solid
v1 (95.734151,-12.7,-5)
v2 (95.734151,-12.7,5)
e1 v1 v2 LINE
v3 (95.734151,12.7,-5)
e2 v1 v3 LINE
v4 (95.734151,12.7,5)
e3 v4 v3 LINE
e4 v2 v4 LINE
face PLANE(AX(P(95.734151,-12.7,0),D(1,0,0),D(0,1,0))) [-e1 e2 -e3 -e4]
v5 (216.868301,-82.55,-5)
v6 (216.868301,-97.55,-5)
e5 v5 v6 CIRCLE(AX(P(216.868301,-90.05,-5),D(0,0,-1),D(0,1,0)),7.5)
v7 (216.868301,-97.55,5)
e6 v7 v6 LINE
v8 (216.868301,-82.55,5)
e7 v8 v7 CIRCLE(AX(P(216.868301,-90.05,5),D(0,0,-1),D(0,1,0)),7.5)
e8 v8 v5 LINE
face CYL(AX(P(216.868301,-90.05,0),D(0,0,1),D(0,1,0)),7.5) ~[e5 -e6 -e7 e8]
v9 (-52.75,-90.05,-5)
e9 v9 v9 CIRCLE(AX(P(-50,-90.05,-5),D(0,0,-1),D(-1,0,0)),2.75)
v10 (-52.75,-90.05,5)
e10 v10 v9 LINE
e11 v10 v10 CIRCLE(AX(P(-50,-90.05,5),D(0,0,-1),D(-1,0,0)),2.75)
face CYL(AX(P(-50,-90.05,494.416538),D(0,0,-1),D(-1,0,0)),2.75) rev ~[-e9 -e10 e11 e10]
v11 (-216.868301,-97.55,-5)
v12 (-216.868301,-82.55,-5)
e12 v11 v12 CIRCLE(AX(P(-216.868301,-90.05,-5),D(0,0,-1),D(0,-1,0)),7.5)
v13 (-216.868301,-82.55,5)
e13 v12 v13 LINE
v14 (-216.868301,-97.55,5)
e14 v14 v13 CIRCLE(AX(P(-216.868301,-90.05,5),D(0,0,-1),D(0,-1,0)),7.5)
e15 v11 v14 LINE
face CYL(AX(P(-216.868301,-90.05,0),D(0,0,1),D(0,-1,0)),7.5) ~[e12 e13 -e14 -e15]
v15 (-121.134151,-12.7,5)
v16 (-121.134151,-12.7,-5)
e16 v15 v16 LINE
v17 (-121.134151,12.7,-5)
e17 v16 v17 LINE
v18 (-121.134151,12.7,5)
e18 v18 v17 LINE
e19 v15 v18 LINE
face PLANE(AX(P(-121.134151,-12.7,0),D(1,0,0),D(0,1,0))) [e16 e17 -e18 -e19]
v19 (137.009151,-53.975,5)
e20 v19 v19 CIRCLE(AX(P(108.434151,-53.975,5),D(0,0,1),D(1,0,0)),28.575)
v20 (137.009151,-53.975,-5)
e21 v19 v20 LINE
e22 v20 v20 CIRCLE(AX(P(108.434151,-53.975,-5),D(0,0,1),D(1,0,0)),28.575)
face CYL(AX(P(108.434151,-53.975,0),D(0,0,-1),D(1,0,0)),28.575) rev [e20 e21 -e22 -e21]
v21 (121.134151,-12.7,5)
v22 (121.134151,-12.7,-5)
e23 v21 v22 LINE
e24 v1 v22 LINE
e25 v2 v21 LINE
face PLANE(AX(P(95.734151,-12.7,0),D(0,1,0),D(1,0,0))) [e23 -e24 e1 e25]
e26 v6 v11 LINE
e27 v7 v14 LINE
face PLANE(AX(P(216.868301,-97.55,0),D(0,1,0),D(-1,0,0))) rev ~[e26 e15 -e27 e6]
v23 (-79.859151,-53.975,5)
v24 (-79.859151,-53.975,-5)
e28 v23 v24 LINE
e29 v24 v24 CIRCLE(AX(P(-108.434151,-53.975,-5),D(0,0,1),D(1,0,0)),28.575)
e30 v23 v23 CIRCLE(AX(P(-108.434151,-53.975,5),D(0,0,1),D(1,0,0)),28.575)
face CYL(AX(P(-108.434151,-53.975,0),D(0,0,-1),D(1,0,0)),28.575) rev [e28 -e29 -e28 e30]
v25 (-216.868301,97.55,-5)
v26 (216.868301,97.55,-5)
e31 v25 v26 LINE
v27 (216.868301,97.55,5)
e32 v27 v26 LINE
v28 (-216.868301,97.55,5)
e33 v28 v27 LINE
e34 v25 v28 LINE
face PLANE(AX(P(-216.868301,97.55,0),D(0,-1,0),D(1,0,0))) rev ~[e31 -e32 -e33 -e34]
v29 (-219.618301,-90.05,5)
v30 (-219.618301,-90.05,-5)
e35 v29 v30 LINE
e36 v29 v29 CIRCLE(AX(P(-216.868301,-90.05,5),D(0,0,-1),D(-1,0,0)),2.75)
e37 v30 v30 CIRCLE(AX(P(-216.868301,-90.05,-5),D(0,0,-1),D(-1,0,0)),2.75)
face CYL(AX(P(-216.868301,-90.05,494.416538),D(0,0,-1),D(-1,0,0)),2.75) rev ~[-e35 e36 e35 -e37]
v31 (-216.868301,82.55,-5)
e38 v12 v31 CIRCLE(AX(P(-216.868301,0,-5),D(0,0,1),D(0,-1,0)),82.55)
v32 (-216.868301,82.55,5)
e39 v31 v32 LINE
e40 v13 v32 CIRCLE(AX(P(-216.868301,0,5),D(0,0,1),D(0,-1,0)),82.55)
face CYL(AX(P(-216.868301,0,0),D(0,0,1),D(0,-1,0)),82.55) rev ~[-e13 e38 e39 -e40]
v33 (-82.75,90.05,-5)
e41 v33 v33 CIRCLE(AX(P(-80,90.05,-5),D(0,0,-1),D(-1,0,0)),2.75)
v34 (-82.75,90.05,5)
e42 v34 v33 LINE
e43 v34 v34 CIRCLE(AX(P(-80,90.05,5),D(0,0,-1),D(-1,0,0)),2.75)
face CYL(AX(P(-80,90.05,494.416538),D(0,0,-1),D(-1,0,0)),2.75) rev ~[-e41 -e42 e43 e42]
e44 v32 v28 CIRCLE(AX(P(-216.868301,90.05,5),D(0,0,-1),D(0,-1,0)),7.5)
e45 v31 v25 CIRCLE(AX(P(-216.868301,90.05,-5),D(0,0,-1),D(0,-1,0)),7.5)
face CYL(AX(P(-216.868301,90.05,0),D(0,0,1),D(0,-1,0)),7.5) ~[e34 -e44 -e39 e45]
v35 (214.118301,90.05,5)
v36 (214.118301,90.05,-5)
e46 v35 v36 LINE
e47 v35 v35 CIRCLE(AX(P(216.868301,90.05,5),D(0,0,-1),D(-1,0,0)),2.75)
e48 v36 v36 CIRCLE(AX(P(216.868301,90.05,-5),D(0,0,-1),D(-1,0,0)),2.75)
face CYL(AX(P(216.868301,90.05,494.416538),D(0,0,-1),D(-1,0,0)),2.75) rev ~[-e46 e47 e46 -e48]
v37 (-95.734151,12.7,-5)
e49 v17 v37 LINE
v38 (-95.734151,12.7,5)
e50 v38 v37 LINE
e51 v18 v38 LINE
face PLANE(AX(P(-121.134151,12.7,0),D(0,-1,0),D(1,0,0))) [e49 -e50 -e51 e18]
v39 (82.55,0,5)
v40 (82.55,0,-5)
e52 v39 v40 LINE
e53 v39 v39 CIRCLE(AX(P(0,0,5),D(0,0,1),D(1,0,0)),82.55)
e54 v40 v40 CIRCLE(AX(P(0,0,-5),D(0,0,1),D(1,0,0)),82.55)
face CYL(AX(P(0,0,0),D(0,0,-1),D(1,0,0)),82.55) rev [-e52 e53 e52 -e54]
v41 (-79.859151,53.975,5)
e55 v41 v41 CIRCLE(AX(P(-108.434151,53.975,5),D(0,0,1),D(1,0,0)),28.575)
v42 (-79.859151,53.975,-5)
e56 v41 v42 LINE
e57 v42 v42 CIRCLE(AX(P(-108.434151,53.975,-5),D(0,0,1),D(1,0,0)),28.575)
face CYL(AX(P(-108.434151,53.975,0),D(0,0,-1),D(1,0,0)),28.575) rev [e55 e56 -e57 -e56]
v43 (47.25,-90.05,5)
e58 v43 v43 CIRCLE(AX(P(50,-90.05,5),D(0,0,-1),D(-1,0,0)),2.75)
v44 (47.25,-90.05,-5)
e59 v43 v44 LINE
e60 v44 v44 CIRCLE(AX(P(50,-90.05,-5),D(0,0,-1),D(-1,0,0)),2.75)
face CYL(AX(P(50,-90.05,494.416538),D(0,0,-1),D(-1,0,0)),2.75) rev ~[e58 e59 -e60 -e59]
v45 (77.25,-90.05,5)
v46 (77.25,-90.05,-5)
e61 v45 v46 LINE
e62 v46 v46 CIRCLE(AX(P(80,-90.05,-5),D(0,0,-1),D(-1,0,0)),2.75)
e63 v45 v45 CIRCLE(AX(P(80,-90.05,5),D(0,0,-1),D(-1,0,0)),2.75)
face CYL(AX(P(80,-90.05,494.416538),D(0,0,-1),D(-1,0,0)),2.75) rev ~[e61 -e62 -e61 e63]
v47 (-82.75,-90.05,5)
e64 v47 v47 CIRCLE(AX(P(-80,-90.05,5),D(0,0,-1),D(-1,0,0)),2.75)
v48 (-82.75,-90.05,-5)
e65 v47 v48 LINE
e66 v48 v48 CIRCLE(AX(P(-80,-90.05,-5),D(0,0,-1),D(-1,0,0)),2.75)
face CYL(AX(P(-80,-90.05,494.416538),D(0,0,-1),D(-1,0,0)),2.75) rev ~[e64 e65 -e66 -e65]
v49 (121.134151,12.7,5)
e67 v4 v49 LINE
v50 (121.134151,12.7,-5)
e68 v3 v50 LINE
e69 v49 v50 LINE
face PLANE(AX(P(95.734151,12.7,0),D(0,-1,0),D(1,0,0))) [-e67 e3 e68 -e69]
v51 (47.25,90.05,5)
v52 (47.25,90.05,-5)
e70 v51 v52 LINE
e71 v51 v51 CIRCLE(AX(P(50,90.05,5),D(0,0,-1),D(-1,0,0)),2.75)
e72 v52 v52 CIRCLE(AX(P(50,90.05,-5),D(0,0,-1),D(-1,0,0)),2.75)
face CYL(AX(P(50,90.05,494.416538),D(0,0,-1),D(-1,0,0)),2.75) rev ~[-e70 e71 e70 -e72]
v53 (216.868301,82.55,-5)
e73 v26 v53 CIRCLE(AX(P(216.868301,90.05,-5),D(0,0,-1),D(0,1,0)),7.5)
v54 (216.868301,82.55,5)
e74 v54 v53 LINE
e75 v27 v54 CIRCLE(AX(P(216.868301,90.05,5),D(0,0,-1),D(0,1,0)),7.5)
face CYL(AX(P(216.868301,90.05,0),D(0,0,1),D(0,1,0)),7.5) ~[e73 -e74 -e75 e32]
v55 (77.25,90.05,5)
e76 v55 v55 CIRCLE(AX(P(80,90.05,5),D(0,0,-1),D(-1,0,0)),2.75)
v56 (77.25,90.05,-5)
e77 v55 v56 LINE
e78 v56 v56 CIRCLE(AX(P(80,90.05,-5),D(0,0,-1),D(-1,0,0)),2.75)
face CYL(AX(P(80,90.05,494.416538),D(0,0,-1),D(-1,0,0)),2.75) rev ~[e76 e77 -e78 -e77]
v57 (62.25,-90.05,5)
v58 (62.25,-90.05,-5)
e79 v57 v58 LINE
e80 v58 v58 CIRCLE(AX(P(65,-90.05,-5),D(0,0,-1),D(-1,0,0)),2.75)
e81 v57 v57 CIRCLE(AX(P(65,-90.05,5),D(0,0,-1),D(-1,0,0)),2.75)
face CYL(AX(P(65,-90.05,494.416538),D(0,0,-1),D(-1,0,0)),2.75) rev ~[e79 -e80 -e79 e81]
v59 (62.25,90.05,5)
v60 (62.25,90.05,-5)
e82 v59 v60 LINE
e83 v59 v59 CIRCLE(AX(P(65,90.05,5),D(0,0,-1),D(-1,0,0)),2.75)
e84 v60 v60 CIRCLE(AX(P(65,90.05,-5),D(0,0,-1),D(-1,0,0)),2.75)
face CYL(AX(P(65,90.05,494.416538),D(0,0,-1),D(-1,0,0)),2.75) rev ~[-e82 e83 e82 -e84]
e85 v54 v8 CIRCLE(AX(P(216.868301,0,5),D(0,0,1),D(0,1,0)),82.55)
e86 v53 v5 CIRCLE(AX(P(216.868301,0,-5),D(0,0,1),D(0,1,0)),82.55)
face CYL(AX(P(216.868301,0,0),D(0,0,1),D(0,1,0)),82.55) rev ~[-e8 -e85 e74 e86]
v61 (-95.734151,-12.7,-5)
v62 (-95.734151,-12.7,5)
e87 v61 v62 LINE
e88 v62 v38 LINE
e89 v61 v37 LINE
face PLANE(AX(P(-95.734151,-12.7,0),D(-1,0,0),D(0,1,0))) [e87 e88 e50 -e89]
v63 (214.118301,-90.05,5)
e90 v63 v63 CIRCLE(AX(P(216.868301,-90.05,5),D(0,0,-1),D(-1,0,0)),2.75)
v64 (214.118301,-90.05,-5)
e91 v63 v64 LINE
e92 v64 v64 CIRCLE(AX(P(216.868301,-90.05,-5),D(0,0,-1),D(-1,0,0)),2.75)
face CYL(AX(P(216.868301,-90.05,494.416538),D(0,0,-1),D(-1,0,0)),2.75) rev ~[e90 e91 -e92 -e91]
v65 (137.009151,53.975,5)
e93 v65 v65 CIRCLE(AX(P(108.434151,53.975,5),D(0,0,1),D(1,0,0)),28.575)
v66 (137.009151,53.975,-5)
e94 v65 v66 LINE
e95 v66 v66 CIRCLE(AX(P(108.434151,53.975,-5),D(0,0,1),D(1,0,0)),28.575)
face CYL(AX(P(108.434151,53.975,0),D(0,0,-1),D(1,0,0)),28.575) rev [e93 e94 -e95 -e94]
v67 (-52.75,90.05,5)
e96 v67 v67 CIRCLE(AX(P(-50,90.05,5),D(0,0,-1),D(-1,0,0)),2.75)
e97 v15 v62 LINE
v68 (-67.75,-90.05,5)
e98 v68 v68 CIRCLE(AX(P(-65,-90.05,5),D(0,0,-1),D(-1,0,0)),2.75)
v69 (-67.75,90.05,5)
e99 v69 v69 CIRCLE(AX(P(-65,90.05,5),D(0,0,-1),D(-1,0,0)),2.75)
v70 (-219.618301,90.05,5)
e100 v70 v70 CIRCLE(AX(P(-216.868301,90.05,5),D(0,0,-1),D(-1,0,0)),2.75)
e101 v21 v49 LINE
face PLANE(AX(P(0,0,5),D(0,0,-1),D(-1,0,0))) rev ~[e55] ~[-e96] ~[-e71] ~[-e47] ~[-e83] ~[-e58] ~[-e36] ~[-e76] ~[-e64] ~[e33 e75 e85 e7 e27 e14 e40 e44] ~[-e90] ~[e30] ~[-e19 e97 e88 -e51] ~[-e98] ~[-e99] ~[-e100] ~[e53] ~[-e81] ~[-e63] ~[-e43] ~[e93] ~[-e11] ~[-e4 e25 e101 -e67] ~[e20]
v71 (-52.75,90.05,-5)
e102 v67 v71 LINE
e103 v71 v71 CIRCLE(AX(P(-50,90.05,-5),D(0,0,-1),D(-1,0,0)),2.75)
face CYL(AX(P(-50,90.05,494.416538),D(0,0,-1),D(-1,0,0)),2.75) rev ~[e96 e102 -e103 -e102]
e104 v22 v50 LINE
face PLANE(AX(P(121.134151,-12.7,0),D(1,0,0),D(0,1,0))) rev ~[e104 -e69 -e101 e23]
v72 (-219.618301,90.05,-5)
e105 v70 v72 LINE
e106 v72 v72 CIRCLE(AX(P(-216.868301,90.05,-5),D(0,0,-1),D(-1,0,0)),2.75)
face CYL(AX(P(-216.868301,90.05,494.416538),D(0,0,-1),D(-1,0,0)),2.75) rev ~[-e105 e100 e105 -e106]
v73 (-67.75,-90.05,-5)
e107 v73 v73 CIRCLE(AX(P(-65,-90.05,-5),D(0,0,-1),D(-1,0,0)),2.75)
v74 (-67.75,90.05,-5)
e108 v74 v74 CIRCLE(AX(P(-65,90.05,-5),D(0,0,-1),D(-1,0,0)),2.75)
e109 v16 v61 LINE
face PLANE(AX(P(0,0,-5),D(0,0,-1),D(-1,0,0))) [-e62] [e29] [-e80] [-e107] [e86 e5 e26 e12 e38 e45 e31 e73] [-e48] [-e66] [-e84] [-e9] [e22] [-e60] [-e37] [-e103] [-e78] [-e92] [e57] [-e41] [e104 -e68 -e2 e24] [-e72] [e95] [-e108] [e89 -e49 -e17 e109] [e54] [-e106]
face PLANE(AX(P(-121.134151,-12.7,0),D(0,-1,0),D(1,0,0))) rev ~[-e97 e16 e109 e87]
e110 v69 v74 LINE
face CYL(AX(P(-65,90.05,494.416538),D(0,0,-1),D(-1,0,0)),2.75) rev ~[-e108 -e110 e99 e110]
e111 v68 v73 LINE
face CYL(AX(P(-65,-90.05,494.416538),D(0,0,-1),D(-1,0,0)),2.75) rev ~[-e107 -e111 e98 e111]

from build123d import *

# Parameters (mm, degrees)
SKETCH1_R            = 82.55
SKETCH1_R_2          = 28.575
SKETCH1_W            = 25.4
SKETCH1_H            = 25.4
BOSS_EXTRUDE1_DEPTH  = 5
M5_CLEARANCE_HOLE1_D = 5.5


with BuildPart() as part:
    # Sketch1 → Boss-Extrude1 (new body, symmetric)
    with BuildSketch(Plane.XY):
        with BuildLine():
            Line((-216.868301049, 97.55), (216.868301049, 97.55))
            ThreePointArc((216.868301049, 97.55), (224.368301049, 90.05), (216.868301049, 82.55))
            ThreePointArc((216.868301049, 82.55), (134.318301049, 0), (216.868301049, -82.55))
            ThreePointArc((216.868301049, -82.55), (224.368301049, -90.05), (216.868301049, -97.55))
            Line((216.868301049, -97.55), (-216.868301049, -97.55))
            ThreePointArc((-216.868301049, -97.55), (-224.368301049, -90.05), (-216.868301049, -82.55))
            ThreePointArc((-216.868301049, -82.55), (-134.318301049, 0), (-216.868301049, 82.55))
            ThreePointArc((-216.868301049, 82.55), (-224.368301049, 90.05), (-216.868301049, 97.55))
        make_face()
        Circle(SKETCH1_R, mode=Mode.SUBTRACT)
        with Locations((108.434150525, 53.975)):
            Circle(SKETCH1_R_2, mode=Mode.SUBTRACT)
        with Locations((108.434150525, -53.975)):
            Circle(SKETCH1_R_2, mode=Mode.SUBTRACT)
        with Locations((-108.434150525, -53.975)):
            Circle(SKETCH1_R_2, mode=Mode.SUBTRACT)
        with Locations((-108.434150525, 53.975)):
            Circle(SKETCH1_R_2, mode=Mode.SUBTRACT)
        with Locations((-108.434150525, 0)):
            Rectangle(SKETCH1_W, SKETCH1_H, mode=Mode.SUBTRACT)
        with Locations((108.434150525, 0)):
            Rectangle(SKETCH1_W, SKETCH1_H, mode=Mode.SUBTRACT)
    extrude(amount=BOSS_EXTRUDE1_DEPTH, both=True)

    # M5 Clearance Hole1 (through all)
    with Locations(Plane.XY.offset(5)):
        with Locations((-80, 90.05), (-65, 90.05), (-50, 90.05), (50, 90.05), (65, 90.05), (80, 90.05), (-80, -90.05), (-65, -90.05), (-50, -90.05), (50, -90.05), (65, -90.05), (80, -90.05), (-216.868301049, 90.05), (216.868301049, 90.05), (-216.868301049, -90.05), (216.868301049, -90.05)):
            Hole(M5_CLEARANCE_HOLE1_D / 2)


solid = part.part
